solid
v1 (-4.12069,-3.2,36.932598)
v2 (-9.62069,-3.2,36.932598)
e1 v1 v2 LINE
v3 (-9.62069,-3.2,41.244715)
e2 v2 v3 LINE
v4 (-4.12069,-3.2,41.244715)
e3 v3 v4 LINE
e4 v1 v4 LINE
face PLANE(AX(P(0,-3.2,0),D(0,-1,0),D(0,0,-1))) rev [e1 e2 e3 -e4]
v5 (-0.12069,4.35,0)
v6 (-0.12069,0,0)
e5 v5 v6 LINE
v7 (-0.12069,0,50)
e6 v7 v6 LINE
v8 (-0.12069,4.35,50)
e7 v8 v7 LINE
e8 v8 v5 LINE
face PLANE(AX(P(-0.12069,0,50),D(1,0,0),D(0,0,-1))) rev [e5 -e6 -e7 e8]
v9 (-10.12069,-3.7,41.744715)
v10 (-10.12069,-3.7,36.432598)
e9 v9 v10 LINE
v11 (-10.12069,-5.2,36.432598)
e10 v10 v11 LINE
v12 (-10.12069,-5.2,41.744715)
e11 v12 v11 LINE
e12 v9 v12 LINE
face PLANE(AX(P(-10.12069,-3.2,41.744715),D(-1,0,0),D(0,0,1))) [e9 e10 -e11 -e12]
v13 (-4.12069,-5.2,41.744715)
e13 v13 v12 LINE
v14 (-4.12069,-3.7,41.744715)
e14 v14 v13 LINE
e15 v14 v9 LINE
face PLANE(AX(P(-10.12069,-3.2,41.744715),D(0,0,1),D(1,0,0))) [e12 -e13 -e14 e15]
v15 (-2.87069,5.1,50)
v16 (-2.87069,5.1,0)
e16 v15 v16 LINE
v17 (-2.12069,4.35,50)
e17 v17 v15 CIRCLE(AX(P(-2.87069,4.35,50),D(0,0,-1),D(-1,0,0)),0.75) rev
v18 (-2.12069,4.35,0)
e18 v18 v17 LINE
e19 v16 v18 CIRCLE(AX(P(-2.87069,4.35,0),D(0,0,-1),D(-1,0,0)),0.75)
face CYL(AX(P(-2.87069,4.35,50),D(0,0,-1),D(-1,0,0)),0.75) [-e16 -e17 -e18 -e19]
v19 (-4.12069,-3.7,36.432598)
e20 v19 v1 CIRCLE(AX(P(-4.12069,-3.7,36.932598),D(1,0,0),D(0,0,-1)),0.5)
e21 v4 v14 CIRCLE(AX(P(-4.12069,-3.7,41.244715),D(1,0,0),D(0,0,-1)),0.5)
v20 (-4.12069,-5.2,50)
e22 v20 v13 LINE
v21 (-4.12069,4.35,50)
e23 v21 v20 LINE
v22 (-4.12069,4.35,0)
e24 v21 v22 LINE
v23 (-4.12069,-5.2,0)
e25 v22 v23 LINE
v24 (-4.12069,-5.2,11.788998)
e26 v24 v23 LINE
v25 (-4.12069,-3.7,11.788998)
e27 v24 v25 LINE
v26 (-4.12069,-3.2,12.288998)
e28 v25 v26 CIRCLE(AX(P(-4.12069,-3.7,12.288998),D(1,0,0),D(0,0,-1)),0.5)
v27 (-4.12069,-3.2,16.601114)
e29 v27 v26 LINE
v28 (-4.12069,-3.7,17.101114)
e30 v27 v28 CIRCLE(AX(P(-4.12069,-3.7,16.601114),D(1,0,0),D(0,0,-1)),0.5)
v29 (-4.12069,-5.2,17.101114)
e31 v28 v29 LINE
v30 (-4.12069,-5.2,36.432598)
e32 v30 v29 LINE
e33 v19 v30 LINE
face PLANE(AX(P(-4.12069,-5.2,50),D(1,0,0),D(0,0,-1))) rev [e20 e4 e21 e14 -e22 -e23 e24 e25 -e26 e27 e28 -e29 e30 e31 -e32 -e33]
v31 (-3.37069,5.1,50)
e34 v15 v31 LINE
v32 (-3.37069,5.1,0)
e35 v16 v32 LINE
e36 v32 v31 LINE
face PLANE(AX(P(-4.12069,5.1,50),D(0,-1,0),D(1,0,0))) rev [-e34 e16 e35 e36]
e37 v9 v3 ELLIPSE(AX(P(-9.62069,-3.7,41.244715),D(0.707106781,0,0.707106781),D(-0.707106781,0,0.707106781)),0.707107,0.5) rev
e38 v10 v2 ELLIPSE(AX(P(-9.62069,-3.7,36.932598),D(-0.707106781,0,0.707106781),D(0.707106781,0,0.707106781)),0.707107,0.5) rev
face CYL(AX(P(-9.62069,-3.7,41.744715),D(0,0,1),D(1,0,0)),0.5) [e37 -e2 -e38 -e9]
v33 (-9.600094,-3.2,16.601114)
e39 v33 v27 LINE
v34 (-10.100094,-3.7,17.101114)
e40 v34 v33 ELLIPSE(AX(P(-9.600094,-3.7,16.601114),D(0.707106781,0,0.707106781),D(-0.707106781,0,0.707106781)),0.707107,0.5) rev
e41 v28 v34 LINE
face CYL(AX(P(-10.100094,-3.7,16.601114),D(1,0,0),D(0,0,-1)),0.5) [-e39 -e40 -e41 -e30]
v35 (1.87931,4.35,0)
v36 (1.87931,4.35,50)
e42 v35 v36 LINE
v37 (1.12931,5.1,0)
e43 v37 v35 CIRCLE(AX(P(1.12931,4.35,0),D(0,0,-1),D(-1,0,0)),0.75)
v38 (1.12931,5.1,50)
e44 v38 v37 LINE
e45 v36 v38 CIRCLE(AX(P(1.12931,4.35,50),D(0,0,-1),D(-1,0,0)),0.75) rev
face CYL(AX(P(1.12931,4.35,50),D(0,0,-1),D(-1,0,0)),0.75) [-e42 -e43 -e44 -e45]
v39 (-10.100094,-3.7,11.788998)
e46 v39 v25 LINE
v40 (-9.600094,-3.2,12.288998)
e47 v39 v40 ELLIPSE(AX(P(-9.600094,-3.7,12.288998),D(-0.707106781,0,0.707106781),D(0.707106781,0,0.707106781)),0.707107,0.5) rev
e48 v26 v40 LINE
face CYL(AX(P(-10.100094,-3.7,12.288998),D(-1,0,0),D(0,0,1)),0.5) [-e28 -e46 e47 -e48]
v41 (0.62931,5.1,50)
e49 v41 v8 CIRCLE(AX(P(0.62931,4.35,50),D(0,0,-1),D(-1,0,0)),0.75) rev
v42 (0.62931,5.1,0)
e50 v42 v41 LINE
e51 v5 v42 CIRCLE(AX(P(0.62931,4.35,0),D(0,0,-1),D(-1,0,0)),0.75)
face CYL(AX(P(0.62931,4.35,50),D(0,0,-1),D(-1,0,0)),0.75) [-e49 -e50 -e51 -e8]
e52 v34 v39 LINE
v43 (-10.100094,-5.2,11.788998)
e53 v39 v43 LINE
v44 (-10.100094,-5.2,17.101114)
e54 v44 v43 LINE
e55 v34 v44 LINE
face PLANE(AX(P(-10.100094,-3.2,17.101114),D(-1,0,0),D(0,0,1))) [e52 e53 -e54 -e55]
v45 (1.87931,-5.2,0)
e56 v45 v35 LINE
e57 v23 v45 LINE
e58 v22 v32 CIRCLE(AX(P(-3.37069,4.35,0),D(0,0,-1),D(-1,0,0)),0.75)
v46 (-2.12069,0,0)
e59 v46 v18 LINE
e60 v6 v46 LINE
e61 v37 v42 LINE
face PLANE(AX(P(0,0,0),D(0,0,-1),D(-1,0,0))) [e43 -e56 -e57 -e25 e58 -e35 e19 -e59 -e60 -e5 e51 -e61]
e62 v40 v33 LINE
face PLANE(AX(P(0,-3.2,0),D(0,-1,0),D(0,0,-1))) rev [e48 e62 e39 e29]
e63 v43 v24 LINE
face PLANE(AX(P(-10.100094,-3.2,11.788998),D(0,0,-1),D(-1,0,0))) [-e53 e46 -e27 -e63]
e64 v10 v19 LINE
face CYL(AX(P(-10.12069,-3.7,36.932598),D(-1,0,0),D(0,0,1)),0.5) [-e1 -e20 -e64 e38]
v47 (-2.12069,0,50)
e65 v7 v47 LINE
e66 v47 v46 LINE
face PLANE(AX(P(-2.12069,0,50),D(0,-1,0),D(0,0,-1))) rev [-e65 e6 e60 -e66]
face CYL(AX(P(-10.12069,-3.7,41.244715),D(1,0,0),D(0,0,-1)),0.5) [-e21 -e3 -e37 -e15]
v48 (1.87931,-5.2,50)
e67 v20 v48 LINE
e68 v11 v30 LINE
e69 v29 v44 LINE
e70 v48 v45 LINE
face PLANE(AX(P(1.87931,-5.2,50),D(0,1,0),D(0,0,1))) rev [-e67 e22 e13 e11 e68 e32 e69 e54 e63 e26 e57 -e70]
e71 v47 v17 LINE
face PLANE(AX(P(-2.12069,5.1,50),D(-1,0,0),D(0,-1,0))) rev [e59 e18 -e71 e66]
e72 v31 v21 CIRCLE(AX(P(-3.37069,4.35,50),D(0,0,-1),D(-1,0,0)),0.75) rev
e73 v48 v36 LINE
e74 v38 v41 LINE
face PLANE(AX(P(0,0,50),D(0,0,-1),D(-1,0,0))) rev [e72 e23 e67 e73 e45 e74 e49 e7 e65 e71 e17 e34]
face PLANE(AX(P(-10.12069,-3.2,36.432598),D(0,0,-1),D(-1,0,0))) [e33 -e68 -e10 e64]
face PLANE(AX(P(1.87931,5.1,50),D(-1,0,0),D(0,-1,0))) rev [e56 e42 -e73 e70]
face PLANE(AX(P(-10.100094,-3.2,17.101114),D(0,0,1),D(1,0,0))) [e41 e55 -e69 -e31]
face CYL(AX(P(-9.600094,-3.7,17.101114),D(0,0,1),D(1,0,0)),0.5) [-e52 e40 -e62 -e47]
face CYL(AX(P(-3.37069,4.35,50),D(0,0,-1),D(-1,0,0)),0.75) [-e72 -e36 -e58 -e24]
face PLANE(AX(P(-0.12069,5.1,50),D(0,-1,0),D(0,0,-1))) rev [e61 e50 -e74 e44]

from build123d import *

# Parameters (mm, degrees)
BOSS_EXTRU_1_DEPTH = 50
CONG_1_R           = 0.75
ESQUISSE2_W        = 6
ESQUISSE2_H        = 5.312116381
ESQUISSE2_H_2      = 5.312116382
BOSS_EXTRU_2_DEPTH = 2
CONG_2_R           = 0.5


with BuildPart() as part:
    # Esquisse1 → Boss.-Extru.1 (new body)
    with BuildSketch(Plane.XY):
        Polygon((-4.120689655, 5.1), (-2.120689655, 5.1), (-2.120689655, 0), (-0.120689655, 0), (-0.120689655, 5.1), (1.879310345, 5.1), (1.879310345, -5.2), (-4.120689655, -5.2), align=None)
    extrude(amount=BOSS_EXTRU_1_DEPTH)

    # Congé1
    cong_1_edges = [part.edges().sort_by_distance(p)[0] for p in [
        (-4.120689655, 5.1, 25),
        (-2.120689655, 5.1, 25),
        (-0.120689655, 5.1, 25),
        (1.879310345, 5.1, 25),
    ]]
    fillet(cong_1_edges, radius=CONG_1_R)

    # Esquisse2 → Boss.-Extru.2 (add)
    with BuildSketch(Plane.XZ.offset(5.2)):
        with Locations((-7.120689655, 39.088656491)):
            Rectangle(ESQUISSE2_W, ESQUISSE2_H)
        with Locations((-7.100094061, 14.445055711)):
            Rectangle(ESQUISSE2_W, ESQUISSE2_H_2)
    extrude(amount=-BOSS_EXTRU_2_DEPTH)

    # Congé2
    cong_2_edges = [part.edges().sort_by_distance(p)[0] for p in [
        (-10.120689655, -3.2, 39.088656491),
        (-7.120689655, -3.2, 41.744714681),
        (-7.120689655, -3.2, 36.4325983),
        (-7.110391858, -3.2, 17.101113902),
        (-7.110391858, -3.2, 11.78899752),
        (-10.100094061, -3.2, 14.445055711),
    ]]
    fillet(cong_2_edges, radius=CONG_2_R)


solid = part.part
